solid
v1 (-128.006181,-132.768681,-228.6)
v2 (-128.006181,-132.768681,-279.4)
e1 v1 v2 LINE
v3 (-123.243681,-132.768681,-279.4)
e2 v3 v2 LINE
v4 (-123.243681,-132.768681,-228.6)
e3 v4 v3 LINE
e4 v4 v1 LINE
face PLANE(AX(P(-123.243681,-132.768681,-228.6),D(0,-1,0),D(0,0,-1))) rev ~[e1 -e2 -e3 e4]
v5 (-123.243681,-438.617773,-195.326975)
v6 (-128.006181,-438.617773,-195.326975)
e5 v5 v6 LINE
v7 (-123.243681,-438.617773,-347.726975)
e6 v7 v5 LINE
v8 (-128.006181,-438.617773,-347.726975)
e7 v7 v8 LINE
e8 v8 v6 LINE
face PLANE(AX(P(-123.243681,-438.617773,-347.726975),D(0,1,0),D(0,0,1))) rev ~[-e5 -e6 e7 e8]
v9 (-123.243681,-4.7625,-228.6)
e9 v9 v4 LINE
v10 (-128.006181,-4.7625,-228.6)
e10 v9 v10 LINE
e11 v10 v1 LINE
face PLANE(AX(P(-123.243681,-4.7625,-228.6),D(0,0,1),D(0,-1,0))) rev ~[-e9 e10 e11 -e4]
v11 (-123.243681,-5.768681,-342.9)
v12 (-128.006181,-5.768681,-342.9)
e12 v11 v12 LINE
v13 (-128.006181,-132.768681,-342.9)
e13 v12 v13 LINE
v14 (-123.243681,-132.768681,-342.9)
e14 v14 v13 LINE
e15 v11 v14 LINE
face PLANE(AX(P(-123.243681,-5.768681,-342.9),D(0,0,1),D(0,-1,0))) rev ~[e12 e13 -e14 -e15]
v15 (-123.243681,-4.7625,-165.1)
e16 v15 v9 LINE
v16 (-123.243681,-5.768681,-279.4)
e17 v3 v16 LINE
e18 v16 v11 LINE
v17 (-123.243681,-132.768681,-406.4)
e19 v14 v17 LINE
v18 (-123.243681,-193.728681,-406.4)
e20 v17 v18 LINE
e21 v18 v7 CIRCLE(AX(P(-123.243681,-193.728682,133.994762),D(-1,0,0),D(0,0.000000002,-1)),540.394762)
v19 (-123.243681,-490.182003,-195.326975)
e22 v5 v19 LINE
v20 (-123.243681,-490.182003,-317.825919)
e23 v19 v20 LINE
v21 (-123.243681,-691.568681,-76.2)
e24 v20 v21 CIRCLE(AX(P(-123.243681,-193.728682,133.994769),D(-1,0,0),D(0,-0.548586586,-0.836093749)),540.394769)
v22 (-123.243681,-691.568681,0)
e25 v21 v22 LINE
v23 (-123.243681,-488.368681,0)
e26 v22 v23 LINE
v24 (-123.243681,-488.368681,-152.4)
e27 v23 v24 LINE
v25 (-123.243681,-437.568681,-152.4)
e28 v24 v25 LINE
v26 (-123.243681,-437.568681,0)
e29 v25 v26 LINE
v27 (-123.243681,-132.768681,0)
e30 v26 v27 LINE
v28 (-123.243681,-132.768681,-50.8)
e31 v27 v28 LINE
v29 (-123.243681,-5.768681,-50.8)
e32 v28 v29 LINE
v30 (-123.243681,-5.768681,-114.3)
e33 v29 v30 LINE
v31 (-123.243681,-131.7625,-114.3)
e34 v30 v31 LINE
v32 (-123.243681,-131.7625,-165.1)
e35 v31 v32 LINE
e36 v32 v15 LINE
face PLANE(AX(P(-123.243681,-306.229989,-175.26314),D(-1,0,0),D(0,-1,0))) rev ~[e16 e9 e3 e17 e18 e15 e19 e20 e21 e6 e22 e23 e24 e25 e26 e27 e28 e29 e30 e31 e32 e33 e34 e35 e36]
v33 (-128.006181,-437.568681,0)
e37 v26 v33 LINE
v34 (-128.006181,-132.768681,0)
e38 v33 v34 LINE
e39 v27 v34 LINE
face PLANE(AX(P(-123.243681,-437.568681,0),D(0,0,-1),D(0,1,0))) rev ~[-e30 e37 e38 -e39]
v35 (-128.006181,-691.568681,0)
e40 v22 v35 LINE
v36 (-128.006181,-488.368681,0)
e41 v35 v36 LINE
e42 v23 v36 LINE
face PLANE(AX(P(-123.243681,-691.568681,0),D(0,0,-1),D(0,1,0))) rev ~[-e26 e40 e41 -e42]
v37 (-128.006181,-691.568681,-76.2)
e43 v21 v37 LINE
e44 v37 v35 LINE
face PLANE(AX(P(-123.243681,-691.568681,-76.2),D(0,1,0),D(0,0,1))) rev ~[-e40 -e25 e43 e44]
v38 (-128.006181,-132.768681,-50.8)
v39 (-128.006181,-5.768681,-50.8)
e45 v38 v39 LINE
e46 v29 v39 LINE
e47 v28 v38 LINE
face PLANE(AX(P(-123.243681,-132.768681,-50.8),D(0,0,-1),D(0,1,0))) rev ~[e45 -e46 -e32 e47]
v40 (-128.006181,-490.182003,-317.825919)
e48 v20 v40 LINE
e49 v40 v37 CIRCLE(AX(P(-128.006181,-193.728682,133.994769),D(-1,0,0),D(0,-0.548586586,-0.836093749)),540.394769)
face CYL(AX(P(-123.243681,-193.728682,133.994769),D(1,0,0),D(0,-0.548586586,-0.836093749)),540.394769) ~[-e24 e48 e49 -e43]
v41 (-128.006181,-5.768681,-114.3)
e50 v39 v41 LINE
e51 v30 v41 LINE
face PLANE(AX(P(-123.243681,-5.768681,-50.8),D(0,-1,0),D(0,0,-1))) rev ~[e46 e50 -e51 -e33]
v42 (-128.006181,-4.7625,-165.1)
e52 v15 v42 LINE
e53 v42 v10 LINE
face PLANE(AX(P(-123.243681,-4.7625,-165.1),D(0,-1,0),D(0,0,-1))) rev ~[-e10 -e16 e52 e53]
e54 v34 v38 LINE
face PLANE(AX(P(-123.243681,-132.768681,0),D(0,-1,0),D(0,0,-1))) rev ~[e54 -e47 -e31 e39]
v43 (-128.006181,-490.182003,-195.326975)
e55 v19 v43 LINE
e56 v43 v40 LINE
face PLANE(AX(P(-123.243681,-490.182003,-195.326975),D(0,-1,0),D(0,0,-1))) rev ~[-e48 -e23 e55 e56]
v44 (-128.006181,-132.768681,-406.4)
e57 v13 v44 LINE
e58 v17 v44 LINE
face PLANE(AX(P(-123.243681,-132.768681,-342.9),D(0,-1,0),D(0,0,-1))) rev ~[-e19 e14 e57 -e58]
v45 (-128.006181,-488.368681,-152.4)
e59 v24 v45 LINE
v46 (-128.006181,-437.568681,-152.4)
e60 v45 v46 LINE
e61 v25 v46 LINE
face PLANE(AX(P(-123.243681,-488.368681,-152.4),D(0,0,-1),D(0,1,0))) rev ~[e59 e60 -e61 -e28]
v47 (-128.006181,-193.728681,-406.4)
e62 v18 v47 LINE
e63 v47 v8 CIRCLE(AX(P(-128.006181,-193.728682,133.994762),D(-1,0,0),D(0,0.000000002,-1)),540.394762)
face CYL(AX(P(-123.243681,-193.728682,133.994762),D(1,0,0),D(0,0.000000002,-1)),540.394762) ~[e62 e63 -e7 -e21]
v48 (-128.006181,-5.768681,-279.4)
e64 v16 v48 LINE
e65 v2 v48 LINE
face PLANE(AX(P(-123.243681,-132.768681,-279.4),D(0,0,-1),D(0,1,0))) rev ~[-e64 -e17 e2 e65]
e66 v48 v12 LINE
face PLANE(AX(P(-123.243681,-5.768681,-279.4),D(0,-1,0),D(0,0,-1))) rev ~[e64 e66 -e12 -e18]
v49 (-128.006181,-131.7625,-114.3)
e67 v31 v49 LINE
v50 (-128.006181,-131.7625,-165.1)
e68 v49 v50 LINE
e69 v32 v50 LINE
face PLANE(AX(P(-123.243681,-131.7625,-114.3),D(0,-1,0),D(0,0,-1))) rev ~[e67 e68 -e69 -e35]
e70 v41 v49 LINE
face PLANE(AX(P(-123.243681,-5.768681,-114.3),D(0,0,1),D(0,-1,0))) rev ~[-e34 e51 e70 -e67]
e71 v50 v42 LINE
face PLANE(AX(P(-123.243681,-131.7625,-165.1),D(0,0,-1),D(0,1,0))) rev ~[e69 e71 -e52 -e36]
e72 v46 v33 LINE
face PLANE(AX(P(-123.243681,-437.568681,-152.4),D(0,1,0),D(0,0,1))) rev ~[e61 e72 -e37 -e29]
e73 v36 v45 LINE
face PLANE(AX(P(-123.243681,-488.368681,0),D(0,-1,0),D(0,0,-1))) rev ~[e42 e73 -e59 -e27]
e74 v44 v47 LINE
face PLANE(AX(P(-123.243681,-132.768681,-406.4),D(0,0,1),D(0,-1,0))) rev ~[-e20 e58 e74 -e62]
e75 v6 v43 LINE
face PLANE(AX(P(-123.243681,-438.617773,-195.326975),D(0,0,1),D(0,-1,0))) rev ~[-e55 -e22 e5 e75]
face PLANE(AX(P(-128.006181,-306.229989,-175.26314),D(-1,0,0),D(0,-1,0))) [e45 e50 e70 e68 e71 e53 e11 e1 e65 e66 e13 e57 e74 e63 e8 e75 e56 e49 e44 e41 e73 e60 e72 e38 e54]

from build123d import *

# Parameters (mm, degrees)
F1_DEPTH = 4.7625
F2_ANGLE = 90


with BuildPart() as f1:
    # F0 (on Front) → F1 (new body)
    with BuildSketch(Plane.XZ):
        with BuildLine():
            Line((0, -342.9), (0, -406.4))
            Line((0, -406.4), (60.96, -406.4))
            ThreePointArc((60.96, -406.4), (186.86988, -391.527075), (305.849092, -347.726975))
            Line((305.849092, -347.726975), (305.849092, -195.326975))
            Line((305.849092, -195.326975), (357.413322, -195.326975))
            Line((357.413322, -195.326975), (357.413322, -317.825919))
            ThreePointArc((357.413322, -317.825919), (476.075937, -211.989718), (558.8, -76.2))
            Line((558.8, -76.2), (558.8, 0))
            Line((558.8, 0), (355.6, 0))
            Line((355.6, 0), (355.6, -152.4))
            Line((355.6, -152.4), (304.8, -152.4))
            Line((304.8, -152.4), (304.8, 0))
            Line((304.8, 0), (0, 0))
            Line((0, 0), (0, -50.8))
            Line((0, -50.8), (-127, -50.8))
            Line((-127, -50.8), (-127, -114.3))
            Line((-127, -114.3), (-1.006181, -114.3))
            Line((-1.006181, -114.3), (-1.006181, -165.1))
            Line((-1.006181, -165.1), (-128.006181, -165.1))
            Line((-128.006181, -165.1), (-128.006181, -228.6))
            Line((-128.006181, -228.6), (0, -228.6))
            Line((0, -228.6), (0, -279.4))
            Line((0, -279.4), (-127, -279.4))
            Line((-127, -279.4), (-127, -342.9))
            Line((-127, -342.9), (0, -342.9))
        make_face()
    extrude(amount=F1_DEPTH)


with BuildPart() as f1_1:
    # F2: moved
    add(f1.part.rotate(Axis((-128.006181, -4.7625, -196.85), (0, 0, -1)), F2_ANGLE))


solid = f1_1.part
